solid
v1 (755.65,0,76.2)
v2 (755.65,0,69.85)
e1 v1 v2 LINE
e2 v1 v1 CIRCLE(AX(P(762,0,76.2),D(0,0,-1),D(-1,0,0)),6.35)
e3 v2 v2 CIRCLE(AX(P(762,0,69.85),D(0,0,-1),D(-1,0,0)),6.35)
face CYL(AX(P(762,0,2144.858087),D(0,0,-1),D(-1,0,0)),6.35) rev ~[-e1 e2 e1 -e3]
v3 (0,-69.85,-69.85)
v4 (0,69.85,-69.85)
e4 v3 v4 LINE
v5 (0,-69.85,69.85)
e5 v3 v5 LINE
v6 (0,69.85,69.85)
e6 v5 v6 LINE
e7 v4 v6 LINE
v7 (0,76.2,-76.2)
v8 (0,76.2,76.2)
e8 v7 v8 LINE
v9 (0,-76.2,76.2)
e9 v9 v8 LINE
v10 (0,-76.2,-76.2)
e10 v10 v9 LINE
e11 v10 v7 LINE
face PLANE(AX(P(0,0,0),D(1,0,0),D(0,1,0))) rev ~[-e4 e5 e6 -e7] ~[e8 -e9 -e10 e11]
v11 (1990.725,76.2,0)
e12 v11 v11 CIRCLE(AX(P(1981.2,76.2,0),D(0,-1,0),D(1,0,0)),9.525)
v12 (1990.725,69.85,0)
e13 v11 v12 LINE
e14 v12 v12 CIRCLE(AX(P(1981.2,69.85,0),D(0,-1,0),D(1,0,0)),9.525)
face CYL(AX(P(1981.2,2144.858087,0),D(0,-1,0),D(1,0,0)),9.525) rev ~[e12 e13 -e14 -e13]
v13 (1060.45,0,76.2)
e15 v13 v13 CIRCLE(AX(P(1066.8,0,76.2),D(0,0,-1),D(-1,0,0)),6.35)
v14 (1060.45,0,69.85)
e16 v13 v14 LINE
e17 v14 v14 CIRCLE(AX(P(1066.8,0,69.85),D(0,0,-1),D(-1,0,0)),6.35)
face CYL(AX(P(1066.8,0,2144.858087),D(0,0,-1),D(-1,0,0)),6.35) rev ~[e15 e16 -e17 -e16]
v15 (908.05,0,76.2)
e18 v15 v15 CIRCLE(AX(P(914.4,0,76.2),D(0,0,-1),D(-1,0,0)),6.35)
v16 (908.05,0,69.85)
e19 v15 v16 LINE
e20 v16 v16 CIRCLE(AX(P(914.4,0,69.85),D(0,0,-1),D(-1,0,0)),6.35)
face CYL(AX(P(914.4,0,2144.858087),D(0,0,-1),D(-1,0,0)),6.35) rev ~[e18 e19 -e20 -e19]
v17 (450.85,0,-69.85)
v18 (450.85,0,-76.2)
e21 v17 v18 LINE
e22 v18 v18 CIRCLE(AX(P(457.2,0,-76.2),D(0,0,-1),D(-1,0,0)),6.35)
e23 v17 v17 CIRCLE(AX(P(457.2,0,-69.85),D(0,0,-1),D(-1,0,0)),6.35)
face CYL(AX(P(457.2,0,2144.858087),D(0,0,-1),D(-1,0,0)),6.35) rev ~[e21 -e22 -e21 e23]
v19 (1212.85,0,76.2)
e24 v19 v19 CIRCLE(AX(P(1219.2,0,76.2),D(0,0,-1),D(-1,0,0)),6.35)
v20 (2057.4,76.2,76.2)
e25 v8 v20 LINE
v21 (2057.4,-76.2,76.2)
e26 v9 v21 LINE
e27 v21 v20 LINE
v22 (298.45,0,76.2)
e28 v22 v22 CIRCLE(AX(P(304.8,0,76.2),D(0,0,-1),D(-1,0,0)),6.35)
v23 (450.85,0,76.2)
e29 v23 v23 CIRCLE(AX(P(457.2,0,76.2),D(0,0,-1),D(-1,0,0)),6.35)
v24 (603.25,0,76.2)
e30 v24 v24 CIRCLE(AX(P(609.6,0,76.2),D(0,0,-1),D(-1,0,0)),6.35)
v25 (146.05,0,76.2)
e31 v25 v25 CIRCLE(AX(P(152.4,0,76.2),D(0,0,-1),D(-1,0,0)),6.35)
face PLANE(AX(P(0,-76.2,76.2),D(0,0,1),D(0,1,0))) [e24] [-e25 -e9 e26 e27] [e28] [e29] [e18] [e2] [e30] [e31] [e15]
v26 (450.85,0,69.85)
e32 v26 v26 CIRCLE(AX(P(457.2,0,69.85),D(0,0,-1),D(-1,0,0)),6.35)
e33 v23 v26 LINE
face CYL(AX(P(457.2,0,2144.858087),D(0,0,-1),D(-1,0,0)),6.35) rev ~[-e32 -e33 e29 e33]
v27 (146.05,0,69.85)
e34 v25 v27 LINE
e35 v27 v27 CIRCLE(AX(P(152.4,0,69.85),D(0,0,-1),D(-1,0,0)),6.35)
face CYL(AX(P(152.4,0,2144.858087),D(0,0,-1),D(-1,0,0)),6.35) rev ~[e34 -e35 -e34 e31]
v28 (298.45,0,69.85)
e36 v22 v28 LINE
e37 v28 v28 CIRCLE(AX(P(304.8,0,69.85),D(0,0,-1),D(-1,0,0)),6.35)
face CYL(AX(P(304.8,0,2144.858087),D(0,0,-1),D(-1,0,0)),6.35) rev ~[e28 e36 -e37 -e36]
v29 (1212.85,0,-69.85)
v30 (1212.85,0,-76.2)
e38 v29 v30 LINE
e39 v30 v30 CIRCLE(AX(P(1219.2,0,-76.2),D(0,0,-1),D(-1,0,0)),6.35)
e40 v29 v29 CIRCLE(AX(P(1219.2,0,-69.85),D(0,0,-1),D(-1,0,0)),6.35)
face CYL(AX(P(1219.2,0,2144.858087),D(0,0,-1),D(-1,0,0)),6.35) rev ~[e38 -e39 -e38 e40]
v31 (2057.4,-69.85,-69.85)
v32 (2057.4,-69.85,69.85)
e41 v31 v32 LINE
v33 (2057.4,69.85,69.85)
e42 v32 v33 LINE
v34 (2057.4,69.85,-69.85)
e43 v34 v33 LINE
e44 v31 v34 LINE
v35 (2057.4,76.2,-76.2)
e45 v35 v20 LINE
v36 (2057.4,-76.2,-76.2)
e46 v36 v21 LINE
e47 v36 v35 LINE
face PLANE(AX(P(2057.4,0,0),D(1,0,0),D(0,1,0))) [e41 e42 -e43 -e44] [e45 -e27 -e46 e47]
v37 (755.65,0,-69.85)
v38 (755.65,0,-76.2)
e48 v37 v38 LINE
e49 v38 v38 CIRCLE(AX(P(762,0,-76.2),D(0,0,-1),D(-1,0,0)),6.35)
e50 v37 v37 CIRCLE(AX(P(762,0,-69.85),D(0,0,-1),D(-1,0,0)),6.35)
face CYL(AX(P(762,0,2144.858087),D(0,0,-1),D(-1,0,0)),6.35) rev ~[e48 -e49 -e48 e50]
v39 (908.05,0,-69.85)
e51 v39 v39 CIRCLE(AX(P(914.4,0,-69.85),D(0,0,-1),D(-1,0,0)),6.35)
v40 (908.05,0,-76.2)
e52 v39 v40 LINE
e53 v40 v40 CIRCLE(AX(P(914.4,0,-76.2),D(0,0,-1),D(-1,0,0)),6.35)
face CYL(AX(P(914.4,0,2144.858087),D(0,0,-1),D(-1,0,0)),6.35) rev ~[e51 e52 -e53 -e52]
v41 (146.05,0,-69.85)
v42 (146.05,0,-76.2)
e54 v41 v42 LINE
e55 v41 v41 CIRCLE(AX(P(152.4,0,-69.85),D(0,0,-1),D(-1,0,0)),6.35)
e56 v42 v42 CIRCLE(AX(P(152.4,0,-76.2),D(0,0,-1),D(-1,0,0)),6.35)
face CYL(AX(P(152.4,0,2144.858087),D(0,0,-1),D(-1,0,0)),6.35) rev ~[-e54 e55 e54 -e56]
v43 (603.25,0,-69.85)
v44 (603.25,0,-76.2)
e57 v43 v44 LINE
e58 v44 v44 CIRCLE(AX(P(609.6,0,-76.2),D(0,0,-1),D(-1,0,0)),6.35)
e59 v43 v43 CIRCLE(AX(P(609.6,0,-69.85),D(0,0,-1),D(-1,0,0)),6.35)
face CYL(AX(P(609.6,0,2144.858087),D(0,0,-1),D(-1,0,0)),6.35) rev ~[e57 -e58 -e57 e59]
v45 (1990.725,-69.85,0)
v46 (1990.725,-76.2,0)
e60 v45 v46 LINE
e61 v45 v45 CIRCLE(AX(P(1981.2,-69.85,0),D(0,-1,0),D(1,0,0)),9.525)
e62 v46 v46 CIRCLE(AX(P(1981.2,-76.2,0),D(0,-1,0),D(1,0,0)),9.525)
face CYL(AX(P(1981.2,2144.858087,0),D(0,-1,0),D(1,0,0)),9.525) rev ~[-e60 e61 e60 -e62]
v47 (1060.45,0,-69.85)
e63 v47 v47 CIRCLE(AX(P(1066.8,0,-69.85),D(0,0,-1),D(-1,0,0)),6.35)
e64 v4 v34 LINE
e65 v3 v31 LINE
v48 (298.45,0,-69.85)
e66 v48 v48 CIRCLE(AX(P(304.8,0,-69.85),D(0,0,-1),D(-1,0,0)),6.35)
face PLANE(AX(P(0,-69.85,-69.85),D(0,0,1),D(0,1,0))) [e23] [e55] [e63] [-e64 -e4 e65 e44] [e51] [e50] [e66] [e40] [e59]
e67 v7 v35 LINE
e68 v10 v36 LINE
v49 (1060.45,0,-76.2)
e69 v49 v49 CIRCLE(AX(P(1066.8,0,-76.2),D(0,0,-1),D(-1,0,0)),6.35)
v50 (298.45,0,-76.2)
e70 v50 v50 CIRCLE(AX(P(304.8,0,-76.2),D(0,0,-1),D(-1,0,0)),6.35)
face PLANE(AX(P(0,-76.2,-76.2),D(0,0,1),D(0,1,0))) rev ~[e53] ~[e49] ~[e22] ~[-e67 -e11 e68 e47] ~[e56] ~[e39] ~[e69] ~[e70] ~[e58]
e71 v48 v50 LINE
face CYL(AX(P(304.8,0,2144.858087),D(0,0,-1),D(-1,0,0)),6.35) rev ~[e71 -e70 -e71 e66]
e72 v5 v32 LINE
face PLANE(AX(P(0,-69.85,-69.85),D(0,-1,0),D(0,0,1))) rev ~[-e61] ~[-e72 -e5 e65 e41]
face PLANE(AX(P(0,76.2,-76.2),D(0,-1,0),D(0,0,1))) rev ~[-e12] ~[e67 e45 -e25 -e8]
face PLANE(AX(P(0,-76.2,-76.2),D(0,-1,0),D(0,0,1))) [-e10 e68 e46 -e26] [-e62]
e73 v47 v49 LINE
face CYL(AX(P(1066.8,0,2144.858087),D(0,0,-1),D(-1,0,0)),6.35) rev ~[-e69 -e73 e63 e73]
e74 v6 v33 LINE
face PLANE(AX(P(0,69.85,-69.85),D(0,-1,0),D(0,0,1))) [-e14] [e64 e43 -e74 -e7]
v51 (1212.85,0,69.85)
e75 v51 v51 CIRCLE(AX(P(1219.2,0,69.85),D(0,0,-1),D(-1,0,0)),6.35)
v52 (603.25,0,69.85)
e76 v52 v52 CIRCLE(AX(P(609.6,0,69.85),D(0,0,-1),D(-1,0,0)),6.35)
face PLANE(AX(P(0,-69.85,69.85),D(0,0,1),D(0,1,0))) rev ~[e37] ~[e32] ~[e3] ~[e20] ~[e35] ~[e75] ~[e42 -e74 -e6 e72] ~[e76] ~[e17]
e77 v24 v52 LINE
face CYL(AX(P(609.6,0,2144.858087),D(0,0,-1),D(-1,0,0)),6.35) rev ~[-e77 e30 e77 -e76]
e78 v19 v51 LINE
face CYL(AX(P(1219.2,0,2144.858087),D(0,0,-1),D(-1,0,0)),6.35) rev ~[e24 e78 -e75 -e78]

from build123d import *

# Parameters (mm, degrees)
F0_W     = 152.4
F0_H     = 152.4
F0_W_2   = 139.7
F0_H_2   = 139.7
F1_DEPTH = 2057.4
F3_D     = 12.7
F5_D     = 19.05


with BuildPart() as f1:
    # F0 (on Right) → F1 (new body)
    with BuildSketch(Plane.YZ):
        Rectangle(F0_W, F0_H)
        Rectangle(F0_W_2, F0_H_2, mode=Mode.SUBTRACT)
    extrude(amount=F1_DEPTH)

    # F3 (through all)
    with Locations(Plane.XY.offset(76.2)):
        with Locations((152.4, 0), (304.8, 0), (457.2, 0), (609.6, 0), (762, 0), (914.4, 0), (1066.8, 0), (1219.2, 0)):
            Hole(F3_D / 2)

    # F5 (through all)
    with Locations(Plane(origin=(0, 76.2, 0), x_dir=(-1, 0, 0), z_dir=(0, 1, 0))):
        with Locations((-1981.2, 0)):
            Hole(F5_D / 2)


solid = f1.part
